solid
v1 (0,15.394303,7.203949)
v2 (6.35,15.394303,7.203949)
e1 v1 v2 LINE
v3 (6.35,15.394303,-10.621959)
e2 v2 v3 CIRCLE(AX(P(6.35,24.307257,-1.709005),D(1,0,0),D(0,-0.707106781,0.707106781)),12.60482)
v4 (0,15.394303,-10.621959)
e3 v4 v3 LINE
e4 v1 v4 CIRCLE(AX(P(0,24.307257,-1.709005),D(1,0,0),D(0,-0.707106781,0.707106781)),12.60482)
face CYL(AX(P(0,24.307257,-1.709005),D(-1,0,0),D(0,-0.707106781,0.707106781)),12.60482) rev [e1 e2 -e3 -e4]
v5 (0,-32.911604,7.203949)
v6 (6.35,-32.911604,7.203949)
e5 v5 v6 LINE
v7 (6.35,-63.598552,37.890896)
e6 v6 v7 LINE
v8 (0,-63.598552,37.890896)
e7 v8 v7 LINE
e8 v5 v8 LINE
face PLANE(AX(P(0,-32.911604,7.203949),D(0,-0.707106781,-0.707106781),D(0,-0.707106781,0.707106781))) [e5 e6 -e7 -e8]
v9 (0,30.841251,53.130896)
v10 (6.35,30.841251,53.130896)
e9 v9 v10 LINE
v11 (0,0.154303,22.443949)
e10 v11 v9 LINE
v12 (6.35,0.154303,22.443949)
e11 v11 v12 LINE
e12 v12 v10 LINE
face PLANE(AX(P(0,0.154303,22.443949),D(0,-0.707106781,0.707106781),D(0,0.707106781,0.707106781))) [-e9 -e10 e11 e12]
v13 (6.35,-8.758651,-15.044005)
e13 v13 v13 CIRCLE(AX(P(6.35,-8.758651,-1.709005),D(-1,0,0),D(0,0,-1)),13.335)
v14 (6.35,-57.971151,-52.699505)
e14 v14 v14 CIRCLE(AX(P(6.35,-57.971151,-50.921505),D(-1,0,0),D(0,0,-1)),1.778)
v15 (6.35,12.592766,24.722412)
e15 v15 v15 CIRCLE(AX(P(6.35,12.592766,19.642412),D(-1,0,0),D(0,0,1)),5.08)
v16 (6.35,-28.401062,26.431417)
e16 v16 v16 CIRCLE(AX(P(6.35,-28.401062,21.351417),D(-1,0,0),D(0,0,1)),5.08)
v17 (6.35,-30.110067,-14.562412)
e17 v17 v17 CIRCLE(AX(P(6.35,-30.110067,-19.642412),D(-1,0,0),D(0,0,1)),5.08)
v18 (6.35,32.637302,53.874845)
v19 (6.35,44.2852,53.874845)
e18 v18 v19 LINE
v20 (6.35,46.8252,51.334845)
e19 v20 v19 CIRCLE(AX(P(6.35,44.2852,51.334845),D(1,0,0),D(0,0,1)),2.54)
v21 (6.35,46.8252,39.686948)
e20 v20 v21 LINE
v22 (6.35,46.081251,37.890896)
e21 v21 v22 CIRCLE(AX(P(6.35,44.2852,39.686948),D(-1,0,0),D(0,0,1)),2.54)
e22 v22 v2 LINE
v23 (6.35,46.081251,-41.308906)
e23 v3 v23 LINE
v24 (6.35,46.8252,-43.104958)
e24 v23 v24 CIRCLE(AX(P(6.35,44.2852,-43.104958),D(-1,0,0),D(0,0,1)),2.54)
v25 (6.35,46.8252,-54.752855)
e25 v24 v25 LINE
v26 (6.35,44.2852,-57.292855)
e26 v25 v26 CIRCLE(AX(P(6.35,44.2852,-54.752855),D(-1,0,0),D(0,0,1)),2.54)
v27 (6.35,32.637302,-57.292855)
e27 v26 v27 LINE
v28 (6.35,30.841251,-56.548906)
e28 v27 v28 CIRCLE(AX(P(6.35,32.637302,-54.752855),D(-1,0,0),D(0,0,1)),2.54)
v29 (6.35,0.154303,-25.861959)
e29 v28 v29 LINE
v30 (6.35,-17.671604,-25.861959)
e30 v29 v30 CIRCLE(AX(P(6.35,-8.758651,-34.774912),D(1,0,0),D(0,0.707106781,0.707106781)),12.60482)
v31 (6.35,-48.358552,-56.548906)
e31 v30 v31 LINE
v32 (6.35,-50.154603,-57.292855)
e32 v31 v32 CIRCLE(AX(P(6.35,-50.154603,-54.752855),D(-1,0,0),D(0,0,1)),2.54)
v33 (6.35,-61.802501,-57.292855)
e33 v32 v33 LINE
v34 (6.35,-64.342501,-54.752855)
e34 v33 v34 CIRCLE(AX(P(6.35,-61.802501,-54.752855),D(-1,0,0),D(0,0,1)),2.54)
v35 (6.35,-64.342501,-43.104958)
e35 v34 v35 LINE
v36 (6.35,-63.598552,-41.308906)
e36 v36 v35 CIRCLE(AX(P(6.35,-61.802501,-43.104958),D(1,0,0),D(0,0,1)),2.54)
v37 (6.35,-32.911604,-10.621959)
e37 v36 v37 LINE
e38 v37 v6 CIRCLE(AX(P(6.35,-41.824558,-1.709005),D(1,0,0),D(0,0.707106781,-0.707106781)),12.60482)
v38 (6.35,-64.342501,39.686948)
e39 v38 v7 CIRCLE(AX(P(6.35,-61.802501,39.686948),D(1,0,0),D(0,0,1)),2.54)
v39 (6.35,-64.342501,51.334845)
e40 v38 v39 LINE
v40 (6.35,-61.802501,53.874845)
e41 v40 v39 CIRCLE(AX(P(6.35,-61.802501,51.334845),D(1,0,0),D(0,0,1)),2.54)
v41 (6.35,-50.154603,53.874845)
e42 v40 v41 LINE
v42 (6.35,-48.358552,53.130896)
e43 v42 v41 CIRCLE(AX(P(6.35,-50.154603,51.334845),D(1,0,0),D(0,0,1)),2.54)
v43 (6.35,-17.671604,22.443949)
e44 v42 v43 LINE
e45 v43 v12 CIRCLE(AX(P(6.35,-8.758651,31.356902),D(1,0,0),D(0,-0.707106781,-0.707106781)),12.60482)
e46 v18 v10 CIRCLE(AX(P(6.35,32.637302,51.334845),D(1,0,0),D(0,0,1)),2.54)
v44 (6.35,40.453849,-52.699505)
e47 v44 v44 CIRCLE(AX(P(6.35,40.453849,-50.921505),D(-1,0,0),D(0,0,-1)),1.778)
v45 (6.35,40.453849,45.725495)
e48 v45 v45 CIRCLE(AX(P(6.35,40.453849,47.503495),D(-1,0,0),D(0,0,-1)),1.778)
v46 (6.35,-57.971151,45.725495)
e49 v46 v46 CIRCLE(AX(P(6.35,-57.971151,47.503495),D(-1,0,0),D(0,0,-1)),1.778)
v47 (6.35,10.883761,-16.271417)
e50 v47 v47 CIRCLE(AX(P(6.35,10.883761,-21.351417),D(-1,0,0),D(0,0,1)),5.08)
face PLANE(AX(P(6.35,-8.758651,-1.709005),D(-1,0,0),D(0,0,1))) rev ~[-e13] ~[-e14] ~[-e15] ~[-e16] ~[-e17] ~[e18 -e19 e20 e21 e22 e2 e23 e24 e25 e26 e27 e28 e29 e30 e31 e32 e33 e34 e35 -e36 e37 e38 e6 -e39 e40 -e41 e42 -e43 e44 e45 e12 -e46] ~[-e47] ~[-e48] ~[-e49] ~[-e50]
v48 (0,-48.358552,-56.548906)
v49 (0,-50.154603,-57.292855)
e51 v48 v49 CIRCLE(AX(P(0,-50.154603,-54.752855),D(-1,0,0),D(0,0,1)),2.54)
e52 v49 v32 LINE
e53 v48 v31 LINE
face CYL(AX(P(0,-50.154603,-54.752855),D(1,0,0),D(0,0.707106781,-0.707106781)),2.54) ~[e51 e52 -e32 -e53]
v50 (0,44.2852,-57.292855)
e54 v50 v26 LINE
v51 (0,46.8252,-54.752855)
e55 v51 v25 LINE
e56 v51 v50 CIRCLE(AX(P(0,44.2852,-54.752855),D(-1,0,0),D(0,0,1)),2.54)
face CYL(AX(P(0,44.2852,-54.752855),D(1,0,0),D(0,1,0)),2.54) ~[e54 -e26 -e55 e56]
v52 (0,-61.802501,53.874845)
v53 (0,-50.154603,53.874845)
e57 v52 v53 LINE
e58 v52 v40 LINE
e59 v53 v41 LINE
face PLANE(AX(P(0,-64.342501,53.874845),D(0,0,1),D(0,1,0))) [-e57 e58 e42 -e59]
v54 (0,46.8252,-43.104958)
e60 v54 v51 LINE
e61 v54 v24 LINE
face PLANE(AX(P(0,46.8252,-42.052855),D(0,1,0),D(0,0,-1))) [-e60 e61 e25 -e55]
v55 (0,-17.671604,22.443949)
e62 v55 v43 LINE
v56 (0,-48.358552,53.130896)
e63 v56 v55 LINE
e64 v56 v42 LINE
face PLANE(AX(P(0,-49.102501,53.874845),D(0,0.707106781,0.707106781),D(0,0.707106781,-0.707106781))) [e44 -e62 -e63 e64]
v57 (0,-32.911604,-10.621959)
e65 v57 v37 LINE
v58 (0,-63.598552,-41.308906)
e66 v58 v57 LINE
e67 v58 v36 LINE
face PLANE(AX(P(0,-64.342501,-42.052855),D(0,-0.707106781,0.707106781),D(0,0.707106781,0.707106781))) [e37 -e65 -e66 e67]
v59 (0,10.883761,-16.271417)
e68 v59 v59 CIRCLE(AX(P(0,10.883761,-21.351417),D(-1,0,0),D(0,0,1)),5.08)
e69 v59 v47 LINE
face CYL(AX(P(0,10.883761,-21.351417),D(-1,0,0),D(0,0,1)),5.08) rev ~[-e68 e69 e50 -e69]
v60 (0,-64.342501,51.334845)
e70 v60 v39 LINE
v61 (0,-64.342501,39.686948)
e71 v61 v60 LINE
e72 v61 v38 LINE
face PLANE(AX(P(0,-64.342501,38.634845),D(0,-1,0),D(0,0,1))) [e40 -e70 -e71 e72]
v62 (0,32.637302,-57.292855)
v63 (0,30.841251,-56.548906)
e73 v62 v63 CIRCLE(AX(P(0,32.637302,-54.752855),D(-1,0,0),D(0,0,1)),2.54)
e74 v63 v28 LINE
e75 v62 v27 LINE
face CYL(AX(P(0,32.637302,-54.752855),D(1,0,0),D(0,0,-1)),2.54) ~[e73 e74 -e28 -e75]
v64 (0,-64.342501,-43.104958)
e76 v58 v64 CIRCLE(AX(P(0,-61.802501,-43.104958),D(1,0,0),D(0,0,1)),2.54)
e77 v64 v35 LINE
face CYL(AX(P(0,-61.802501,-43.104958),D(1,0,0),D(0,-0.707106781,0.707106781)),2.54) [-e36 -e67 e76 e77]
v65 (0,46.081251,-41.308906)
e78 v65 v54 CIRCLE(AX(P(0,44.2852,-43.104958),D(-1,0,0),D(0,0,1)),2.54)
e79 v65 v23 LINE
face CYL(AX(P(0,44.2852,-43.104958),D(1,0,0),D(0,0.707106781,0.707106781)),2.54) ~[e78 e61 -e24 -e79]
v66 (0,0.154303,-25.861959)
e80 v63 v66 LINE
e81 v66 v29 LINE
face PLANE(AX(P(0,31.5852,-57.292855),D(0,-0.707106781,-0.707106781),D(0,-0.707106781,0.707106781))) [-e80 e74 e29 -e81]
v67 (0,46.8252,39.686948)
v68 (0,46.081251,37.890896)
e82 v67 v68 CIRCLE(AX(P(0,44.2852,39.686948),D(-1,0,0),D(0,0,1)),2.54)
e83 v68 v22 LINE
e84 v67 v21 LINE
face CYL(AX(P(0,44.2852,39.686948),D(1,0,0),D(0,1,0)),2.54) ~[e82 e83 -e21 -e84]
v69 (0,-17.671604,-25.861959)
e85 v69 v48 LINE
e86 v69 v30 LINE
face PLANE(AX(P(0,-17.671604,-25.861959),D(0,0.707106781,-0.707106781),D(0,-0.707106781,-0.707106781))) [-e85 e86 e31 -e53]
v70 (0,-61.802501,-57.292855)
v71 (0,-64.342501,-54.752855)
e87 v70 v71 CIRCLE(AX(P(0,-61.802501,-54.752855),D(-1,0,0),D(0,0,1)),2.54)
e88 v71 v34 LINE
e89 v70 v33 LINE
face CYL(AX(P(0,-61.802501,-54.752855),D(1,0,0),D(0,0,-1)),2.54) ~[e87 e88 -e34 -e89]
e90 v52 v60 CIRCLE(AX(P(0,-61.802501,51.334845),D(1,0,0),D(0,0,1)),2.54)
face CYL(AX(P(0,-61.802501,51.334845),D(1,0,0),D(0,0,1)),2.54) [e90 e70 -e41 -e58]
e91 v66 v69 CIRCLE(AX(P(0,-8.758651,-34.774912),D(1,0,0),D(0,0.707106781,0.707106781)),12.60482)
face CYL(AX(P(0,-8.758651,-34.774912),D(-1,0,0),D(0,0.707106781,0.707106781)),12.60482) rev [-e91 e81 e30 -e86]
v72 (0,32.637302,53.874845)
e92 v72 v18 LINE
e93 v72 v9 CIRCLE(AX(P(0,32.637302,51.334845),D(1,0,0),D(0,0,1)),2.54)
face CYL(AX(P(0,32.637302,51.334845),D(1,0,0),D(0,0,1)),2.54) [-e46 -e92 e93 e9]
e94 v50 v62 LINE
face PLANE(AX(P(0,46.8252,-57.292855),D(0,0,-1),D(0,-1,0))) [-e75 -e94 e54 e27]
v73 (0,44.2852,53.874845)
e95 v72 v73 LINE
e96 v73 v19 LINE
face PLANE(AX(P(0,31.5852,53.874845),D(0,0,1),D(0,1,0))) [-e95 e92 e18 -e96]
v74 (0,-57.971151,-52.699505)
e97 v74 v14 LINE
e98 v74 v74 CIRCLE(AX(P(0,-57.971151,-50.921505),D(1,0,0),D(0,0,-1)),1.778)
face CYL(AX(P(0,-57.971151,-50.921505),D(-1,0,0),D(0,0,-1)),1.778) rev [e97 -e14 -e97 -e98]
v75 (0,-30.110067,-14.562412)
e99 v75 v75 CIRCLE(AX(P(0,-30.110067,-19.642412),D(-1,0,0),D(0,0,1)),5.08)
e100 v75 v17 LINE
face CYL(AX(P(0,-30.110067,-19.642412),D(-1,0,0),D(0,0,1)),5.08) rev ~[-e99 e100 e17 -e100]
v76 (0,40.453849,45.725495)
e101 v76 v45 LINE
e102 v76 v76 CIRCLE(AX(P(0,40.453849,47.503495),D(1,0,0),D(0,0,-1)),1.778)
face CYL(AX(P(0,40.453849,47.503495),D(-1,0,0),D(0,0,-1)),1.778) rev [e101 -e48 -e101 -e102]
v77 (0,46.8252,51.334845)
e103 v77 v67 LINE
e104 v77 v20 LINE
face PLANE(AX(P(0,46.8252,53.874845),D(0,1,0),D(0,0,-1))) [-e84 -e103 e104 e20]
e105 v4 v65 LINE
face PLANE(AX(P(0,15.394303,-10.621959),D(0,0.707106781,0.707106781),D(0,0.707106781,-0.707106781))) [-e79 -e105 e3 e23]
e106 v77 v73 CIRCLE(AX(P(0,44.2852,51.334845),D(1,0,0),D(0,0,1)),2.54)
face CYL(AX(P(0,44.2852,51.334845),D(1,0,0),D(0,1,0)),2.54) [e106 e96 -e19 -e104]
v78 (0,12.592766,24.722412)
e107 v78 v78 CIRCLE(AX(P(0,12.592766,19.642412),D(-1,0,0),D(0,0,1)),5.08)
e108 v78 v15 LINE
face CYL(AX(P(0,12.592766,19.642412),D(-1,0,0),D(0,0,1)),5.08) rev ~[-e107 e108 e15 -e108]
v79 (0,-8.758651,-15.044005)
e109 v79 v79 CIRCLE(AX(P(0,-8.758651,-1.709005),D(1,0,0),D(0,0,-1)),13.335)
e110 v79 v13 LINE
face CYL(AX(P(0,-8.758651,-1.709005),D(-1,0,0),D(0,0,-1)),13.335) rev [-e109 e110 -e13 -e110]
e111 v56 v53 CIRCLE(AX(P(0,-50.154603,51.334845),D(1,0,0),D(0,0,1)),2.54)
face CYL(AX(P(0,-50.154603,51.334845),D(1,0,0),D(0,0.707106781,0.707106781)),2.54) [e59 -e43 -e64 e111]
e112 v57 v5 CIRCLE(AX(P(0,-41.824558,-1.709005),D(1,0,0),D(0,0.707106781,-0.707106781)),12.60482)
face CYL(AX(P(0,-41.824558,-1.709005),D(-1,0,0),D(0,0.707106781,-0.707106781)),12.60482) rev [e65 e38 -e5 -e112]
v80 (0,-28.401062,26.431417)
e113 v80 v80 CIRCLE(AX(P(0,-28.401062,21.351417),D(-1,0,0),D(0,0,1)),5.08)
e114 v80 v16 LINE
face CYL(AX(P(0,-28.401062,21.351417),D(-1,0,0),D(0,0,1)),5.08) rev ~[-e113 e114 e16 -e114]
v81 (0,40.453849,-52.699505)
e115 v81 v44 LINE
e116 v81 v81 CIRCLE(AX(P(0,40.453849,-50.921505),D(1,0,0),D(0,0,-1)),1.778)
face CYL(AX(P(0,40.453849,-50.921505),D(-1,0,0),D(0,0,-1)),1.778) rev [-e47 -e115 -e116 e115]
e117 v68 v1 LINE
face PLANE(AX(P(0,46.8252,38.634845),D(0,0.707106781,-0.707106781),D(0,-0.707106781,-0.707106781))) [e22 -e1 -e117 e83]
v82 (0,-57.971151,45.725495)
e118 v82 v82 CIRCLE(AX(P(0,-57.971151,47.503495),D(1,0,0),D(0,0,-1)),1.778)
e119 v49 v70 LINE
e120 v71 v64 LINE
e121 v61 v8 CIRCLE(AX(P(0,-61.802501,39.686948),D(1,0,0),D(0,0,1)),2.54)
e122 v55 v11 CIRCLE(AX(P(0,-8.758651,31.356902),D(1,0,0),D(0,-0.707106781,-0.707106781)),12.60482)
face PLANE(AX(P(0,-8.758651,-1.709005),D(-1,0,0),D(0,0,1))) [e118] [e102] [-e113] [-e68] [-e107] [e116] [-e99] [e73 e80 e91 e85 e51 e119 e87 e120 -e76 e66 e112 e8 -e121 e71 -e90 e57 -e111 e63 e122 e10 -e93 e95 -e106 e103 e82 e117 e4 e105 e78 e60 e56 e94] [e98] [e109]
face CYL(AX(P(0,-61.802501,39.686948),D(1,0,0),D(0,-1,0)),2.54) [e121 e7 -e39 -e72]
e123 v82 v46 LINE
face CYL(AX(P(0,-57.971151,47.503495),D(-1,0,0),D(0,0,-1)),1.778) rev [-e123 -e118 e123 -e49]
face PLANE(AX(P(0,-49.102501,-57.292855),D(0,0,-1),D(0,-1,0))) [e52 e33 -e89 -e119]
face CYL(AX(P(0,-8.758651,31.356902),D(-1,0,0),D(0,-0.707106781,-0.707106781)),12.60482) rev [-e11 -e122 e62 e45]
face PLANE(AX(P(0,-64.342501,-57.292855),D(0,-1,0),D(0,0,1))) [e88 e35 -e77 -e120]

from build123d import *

# Parameters (mm, degrees)
BOSS_EXTRUDE1_DEPTH = 6.35
SKETCH1_9_R         = 13.335
CUT_EXTRUDE1_DEPTH  = 11.938
SKETCH1_10_R        = 1.778
CUT_EXTRUDE2_DEPTH  = 24.638
SKETCH1_11_R        = 1.778
CUT_EXTRUDE3_DEPTH  = 24.13
SKETCH1_12_R        = 1.778
CUT_EXTRUDE4_DEPTH  = 38.862
SKETCH1_13_R        = 1.778
CUT_EXTRUDE5_DEPTH  = 13.462
FILLET1_R           = 2.54
SKETCH2_R           = 5.08
CUT_EXTRUDE6_DEPTH  = 13.462


with BuildPart() as part:
    # Sketch1 → Boss-Extrude1 (new body)
    with BuildSketch(Plane(origin=(0, 0, 0), x_dir=(0, 0, -1), z_dir=(1, 0, 0))):
        with BuildLine():
            Line((-53.874845122, 46.825199553), (-38.634845122, 46.825199553))
            Line((-38.634845122, 46.825199553), (-7.203948698, 15.394303129))
            ThreePointArc((-7.203948698, 15.394303129), (1.709004986, 11.702436832), (10.621958671, 15.394303129))
            Line((10.621958671, 15.394303129), (42.052855095, 46.825199553))
            Line((42.052855095, 46.825199553), (57.292855095, 46.825199553))
            Line((57.292855095, 46.825199553), (57.292855095, 31.585199553))
            Line((57.292855095, 31.585199553), (25.861958671, 0.154303129))
            ThreePointArc((25.861958671, 0.154303129), (22.170092374, -8.758650555), (25.861958671, -17.67160424))
            Line((25.861958671, -17.67160424), (57.292855095, -49.102500664))
            Line((57.292855095, -49.102500664), (57.292855095, -64.342500664))
            Line((57.292855095, -64.342500664), (42.052855095, -64.342500664))
            Line((42.052855095, -64.342500664), (10.621958671, -32.91160424))
            ThreePointArc((10.621958671, -32.91160424), (1.709004986, -29.219737943), (-7.203948698, -32.91160424))
            Line((-7.203948698, -32.91160424), (-38.634845122, -64.342500664))
            Line((-38.634845122, -64.342500664), (-53.874845122, -64.342500664))
            Line((-53.874845122, -64.342500664), (-53.874845122, -49.102500664))
            Line((-53.874845122, -49.102500664), (-22.443948698, -17.67160424))
            ThreePointArc((-22.443948698, -17.67160424), (-18.752082401, -8.758650555), (-22.443948698, 0.154303129))
            Line((-22.443948698, 0.154303129), (-53.874845122, 31.585199553))
            Line((-53.874845122, 31.585199553), (-53.874845122, 46.825199553))
        make_face()
    extrude(amount=BOSS_EXTRUDE1_DEPTH)

    # Sketch1_9 → Cut-Extrude1 (cut)
    with BuildSketch(Plane(origin=(0, 0, 0), x_dir=(0, 0, -1), z_dir=(1, 0, 0))):
        with Locations((1.709004986, -8.758650555)):
            Circle(SKETCH1_9_R)
    extrude(amount=CUT_EXTRUDE1_DEPTH, mode=Mode.SUBTRACT)

    # Sketch1_10 → Cut-Extrude2 (cut)
    with BuildSketch(Plane(origin=(0, 0, 0), x_dir=(0, 0, -1), z_dir=(1, 0, 0))):
        with Locations((-47.503495014, -57.971150555)):
            Circle(SKETCH1_10_R)
    extrude(amount=CUT_EXTRUDE2_DEPTH, mode=Mode.SUBTRACT)

    # Sketch1_11 → Cut-Extrude3 (cut)
    with BuildSketch(Plane(origin=(0, 0, 0), x_dir=(0, 0, -1), z_dir=(1, 0, 0))):
        with Locations((50.921504986, -57.971150555)):
            Circle(SKETCH1_11_R)
    extrude(amount=CUT_EXTRUDE3_DEPTH, mode=Mode.SUBTRACT)

    # Sketch1_12 → Cut-Extrude4 (cut)
    with BuildSketch(Plane(origin=(0, 0, 0), x_dir=(0, 0, -1), z_dir=(1, 0, 0))):
        with Locations((50.921504986, 40.453849445)):
            Circle(SKETCH1_12_R)
    extrude(amount=CUT_EXTRUDE4_DEPTH, mode=Mode.SUBTRACT)

    # Sketch1_13 → Cut-Extrude5 (cut)
    with BuildSketch(Plane(origin=(0, 0, 0), x_dir=(0, 0, -1), z_dir=(1, 0, 0))):
        with Locations((-47.503495014, 40.453849445)):
            Circle(SKETCH1_13_R)
    extrude(amount=CUT_EXTRUDE5_DEPTH, mode=Mode.SUBTRACT)

    # Fillet1
    fillet1_edges = [part.edges().sort_by_distance(p)[0] for p in [
        (3.175, 46.825199553, 53.874845122),
        (3.175, 46.825199553, 38.634845122),
        (3.175, 46.825199553, -42.052855095),
        (3.175, 46.825199553, -57.292855095),
        (3.175, 31.585199553, -57.292855095),
        (3.175, -49.102500664, -57.292855095),
        (3.175, -64.342500664, -57.292855095),
        (3.175, -64.342500664, -42.052855095),
        (3.175, -64.342500664, 38.634845122),
        (3.175, -64.342500664, 53.874845122),
        (3.175, -49.102500664, 53.874845122),
        (3.175, 31.585199553, 53.874845122),
    ]]
    fillet(fillet1_edges, radius=FILLET1_R)

    # Sketch2 → Cut-Extrude6 (cut)
    with BuildSketch(Plane.ZY):
        with Locations((-21.351416825, 10.883761284)):
            Circle(SKETCH2_R)
        with Locations((19.642411839, 12.59276627)):
            Circle(SKETCH2_R)
        with Locations((21.351416825, -28.401062394)):
            Circle(SKETCH2_R)
        with Locations((-19.642411839, -30.110067381)):
            Circle(SKETCH2_R)
    extrude(amount=-CUT_EXTRUDE6_DEPTH, mode=Mode.SUBTRACT)


solid = part.part
